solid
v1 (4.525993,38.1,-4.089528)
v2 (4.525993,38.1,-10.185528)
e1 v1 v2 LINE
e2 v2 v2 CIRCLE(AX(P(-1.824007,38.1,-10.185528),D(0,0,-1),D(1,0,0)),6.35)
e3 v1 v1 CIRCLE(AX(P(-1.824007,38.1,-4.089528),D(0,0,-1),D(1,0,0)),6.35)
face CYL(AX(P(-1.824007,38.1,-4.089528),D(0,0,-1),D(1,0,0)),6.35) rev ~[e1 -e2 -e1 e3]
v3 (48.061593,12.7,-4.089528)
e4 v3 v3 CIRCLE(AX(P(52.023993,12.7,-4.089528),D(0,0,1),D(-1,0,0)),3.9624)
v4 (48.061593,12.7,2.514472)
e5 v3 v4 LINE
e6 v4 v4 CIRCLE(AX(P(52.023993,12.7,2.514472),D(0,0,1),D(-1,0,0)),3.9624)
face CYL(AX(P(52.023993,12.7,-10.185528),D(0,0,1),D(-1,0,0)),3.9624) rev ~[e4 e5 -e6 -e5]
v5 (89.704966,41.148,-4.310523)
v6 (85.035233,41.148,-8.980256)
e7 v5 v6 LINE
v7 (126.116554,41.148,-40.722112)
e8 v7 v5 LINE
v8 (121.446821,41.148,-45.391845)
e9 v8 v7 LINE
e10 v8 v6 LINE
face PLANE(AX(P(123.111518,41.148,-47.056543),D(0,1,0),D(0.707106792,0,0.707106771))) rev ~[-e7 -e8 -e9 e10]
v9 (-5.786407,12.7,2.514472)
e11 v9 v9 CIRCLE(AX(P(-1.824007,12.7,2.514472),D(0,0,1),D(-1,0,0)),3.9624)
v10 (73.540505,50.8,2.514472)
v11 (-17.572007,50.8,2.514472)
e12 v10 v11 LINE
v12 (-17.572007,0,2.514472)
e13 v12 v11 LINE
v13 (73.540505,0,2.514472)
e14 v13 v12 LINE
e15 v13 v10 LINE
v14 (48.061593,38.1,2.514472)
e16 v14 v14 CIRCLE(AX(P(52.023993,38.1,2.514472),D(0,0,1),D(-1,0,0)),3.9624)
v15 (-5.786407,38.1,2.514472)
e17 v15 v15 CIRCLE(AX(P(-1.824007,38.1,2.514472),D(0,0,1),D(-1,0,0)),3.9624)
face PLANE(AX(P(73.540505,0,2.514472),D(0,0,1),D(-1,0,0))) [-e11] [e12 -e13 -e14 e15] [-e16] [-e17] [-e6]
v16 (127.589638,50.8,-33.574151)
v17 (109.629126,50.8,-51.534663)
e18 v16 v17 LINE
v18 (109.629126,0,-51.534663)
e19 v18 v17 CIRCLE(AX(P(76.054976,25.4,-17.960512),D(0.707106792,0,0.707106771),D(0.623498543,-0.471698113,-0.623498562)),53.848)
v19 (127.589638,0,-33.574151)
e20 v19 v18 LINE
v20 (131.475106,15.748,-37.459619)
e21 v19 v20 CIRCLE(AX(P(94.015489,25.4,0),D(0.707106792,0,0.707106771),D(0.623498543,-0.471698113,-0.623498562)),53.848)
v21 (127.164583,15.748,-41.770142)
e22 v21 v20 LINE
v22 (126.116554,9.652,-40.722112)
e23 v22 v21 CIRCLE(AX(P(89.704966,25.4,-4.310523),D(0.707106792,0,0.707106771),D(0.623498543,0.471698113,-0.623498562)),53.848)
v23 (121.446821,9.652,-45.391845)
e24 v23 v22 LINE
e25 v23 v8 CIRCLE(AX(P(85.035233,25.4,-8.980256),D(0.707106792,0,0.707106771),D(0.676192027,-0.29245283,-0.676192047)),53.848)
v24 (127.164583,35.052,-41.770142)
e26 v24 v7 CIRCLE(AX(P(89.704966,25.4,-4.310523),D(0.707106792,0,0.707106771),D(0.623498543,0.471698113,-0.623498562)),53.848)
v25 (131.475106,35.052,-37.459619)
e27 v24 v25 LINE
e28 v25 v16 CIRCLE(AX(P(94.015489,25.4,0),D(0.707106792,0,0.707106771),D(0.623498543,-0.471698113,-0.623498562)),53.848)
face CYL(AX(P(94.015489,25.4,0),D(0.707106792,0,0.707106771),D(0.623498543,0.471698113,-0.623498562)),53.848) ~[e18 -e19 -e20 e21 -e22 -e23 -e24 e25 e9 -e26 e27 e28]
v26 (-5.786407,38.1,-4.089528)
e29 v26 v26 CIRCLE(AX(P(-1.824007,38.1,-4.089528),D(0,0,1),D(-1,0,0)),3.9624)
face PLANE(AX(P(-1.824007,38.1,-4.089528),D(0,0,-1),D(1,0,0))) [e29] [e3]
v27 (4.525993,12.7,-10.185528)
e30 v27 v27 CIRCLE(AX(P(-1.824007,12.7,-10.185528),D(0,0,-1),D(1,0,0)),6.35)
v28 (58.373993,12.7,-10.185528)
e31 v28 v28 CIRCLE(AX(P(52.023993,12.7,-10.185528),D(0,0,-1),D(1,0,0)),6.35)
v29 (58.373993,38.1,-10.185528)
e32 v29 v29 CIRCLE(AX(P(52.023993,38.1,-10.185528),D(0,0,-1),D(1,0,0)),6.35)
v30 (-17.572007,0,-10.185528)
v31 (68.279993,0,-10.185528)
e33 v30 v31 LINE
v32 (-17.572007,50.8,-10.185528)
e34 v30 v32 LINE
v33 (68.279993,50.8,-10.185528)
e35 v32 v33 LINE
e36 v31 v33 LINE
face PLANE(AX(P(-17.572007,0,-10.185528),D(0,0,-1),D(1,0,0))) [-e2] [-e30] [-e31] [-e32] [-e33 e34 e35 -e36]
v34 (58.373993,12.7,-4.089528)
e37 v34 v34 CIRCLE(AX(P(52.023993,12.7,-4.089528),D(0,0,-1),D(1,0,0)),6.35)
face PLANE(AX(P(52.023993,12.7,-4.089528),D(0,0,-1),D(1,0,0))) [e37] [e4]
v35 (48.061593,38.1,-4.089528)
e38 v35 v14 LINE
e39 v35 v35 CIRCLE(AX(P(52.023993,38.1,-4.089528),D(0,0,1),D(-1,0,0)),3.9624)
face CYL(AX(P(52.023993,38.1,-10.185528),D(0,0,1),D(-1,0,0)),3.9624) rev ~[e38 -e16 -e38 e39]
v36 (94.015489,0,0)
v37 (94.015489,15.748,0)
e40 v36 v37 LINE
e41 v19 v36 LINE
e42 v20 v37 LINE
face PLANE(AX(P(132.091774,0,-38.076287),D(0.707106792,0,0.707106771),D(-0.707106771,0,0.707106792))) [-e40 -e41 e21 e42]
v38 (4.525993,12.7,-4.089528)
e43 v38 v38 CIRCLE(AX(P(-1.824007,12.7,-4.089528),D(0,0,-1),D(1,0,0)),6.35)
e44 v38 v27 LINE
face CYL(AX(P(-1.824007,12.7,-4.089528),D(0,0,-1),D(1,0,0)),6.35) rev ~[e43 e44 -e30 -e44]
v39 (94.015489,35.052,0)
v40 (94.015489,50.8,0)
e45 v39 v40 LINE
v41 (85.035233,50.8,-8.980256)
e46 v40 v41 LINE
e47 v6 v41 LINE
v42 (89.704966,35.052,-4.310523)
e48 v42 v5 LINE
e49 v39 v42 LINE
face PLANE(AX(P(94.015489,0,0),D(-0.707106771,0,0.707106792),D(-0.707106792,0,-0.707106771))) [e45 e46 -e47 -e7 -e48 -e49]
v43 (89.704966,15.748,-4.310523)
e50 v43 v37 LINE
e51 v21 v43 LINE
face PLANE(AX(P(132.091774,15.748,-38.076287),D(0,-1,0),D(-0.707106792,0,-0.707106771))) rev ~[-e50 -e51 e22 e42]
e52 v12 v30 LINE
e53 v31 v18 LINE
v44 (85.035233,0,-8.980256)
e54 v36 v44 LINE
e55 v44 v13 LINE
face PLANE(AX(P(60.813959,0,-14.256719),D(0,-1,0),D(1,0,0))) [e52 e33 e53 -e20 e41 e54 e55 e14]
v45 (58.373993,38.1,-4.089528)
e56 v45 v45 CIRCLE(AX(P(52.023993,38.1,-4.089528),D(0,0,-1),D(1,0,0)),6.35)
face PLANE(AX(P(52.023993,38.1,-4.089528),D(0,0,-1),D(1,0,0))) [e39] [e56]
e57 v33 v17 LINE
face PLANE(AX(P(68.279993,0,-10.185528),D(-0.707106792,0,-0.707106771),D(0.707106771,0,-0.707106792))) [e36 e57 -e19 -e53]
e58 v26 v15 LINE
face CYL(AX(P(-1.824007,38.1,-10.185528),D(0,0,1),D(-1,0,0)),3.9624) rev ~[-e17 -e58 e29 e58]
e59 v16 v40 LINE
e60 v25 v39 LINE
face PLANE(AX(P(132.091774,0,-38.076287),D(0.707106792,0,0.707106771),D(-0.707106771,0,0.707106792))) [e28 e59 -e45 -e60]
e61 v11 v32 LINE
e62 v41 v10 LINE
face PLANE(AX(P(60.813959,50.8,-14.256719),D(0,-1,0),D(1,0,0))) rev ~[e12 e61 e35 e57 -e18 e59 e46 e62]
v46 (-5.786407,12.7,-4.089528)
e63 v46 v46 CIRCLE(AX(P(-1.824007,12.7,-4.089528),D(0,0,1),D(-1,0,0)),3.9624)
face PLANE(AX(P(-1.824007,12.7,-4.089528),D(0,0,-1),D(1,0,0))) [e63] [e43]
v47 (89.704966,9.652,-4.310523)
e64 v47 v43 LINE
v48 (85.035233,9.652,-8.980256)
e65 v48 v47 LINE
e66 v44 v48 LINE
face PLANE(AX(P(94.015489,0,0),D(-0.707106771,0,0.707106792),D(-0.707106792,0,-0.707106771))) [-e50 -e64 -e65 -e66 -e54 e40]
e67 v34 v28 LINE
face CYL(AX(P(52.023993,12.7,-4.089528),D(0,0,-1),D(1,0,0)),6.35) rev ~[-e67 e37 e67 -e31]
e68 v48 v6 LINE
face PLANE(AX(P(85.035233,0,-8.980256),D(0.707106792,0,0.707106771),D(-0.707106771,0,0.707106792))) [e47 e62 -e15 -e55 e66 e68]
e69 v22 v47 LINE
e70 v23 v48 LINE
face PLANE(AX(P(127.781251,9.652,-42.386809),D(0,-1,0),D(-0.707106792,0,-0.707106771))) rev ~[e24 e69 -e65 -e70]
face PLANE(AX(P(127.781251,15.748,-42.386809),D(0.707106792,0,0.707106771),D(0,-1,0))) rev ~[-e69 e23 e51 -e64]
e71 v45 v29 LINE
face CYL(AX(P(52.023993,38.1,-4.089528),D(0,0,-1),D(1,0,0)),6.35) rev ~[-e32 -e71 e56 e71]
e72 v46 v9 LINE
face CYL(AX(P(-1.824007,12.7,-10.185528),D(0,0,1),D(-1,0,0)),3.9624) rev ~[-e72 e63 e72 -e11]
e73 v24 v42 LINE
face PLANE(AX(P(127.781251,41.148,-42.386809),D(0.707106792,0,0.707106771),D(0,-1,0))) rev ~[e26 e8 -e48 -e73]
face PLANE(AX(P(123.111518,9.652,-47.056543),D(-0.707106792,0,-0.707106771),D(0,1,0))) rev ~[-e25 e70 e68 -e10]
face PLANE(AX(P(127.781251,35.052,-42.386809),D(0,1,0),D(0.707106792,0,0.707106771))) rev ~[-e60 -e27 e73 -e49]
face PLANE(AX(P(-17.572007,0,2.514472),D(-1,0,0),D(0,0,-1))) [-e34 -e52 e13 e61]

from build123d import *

# Parameters (mm, degrees)
F1_DEPTH       = 50.8
F4_D           = 7.9248
F4_CBORE_D     = 12.7
F4_CBORE_DEPTH = 6.096
F8_DEPTH       = 118.5292761031
F10_DEPTH      = 134.5312743793


with BuildPart() as f1:
    # F0 (on Front) → F1 (new body)
    with BuildSketch(Plane.XZ):
        Polygon((73.5405048588, 2.5144720178), (-17.5720074938, 2.5144720178), (-17.5720074938, -10.1855279822), (68.2799925062, -10.1855279822), (114.1312616571, -56.036798494), (132.0917741658, -38.0762865184), (94.0154887775, 0), (85.0352325232, -8.9802559878), align=None)
    extrude(amount=-F1_DEPTH)

    # F4 (through all)
    with Locations(Plane(origin=(0, 0, -10.1855279822), x_dir=(1, 0, 0), z_dir=(0, 0, -1))):
        with Locations((-1.8240074938, -12.7), (-1.8240074938, -38.1), (52.0239925062, -12.7), (52.0239925062, -38.1)):
            CounterBoreHole(F4_D / 2, F4_CBORE_D / 2, F4_CBORE_DEPTH)

    # F7 (on offset) → F8 (cut, through all)
    with BuildSketch(Plane(origin=(47.0077457841, 0, 47.0077443888), x_dir=(0, 1, 0), z_dir=(0.7071067917, 0, 0.7071067707))):
        with BuildLine():
            ThreePointArc((50.8, -113.9600070192), (25.4, -120.3269886645), (0, -113.9600070192))
            Line((0, -113.9600070192), (0, -123.4274804592))
            Line((0, -123.4274804592), (50.8, -123.4274804592))
            Line((50.8, -123.4274804592), (50.8, -113.9600070192))
        make_face()
    extrude(amount=-F8_DEPTH, mode=Mode.SUBTRACT)

    # F9 (on offset) → F10 (cut, through all)
    with BuildSketch(Plane(origin=(85.0840283817, 0, -85.0840309072), x_dir=(0.7071067917, 0, 0.7071067707), z_dir=(0.7071067707, 0, -0.7071067917))):
        Polygon((66.4789906378, -35.052), (66.4789906378, -15.748), (60.3829906378, -15.748), (60.3829906378, -9.652), (53.7789906378, -9.652), (53.7789906378, -41.148), (60.3829906378, -41.148), (60.3829906378, -35.052), align=None)
    extrude(amount=-F10_DEPTH, mode=Mode.SUBTRACT)


solid = f1.part
